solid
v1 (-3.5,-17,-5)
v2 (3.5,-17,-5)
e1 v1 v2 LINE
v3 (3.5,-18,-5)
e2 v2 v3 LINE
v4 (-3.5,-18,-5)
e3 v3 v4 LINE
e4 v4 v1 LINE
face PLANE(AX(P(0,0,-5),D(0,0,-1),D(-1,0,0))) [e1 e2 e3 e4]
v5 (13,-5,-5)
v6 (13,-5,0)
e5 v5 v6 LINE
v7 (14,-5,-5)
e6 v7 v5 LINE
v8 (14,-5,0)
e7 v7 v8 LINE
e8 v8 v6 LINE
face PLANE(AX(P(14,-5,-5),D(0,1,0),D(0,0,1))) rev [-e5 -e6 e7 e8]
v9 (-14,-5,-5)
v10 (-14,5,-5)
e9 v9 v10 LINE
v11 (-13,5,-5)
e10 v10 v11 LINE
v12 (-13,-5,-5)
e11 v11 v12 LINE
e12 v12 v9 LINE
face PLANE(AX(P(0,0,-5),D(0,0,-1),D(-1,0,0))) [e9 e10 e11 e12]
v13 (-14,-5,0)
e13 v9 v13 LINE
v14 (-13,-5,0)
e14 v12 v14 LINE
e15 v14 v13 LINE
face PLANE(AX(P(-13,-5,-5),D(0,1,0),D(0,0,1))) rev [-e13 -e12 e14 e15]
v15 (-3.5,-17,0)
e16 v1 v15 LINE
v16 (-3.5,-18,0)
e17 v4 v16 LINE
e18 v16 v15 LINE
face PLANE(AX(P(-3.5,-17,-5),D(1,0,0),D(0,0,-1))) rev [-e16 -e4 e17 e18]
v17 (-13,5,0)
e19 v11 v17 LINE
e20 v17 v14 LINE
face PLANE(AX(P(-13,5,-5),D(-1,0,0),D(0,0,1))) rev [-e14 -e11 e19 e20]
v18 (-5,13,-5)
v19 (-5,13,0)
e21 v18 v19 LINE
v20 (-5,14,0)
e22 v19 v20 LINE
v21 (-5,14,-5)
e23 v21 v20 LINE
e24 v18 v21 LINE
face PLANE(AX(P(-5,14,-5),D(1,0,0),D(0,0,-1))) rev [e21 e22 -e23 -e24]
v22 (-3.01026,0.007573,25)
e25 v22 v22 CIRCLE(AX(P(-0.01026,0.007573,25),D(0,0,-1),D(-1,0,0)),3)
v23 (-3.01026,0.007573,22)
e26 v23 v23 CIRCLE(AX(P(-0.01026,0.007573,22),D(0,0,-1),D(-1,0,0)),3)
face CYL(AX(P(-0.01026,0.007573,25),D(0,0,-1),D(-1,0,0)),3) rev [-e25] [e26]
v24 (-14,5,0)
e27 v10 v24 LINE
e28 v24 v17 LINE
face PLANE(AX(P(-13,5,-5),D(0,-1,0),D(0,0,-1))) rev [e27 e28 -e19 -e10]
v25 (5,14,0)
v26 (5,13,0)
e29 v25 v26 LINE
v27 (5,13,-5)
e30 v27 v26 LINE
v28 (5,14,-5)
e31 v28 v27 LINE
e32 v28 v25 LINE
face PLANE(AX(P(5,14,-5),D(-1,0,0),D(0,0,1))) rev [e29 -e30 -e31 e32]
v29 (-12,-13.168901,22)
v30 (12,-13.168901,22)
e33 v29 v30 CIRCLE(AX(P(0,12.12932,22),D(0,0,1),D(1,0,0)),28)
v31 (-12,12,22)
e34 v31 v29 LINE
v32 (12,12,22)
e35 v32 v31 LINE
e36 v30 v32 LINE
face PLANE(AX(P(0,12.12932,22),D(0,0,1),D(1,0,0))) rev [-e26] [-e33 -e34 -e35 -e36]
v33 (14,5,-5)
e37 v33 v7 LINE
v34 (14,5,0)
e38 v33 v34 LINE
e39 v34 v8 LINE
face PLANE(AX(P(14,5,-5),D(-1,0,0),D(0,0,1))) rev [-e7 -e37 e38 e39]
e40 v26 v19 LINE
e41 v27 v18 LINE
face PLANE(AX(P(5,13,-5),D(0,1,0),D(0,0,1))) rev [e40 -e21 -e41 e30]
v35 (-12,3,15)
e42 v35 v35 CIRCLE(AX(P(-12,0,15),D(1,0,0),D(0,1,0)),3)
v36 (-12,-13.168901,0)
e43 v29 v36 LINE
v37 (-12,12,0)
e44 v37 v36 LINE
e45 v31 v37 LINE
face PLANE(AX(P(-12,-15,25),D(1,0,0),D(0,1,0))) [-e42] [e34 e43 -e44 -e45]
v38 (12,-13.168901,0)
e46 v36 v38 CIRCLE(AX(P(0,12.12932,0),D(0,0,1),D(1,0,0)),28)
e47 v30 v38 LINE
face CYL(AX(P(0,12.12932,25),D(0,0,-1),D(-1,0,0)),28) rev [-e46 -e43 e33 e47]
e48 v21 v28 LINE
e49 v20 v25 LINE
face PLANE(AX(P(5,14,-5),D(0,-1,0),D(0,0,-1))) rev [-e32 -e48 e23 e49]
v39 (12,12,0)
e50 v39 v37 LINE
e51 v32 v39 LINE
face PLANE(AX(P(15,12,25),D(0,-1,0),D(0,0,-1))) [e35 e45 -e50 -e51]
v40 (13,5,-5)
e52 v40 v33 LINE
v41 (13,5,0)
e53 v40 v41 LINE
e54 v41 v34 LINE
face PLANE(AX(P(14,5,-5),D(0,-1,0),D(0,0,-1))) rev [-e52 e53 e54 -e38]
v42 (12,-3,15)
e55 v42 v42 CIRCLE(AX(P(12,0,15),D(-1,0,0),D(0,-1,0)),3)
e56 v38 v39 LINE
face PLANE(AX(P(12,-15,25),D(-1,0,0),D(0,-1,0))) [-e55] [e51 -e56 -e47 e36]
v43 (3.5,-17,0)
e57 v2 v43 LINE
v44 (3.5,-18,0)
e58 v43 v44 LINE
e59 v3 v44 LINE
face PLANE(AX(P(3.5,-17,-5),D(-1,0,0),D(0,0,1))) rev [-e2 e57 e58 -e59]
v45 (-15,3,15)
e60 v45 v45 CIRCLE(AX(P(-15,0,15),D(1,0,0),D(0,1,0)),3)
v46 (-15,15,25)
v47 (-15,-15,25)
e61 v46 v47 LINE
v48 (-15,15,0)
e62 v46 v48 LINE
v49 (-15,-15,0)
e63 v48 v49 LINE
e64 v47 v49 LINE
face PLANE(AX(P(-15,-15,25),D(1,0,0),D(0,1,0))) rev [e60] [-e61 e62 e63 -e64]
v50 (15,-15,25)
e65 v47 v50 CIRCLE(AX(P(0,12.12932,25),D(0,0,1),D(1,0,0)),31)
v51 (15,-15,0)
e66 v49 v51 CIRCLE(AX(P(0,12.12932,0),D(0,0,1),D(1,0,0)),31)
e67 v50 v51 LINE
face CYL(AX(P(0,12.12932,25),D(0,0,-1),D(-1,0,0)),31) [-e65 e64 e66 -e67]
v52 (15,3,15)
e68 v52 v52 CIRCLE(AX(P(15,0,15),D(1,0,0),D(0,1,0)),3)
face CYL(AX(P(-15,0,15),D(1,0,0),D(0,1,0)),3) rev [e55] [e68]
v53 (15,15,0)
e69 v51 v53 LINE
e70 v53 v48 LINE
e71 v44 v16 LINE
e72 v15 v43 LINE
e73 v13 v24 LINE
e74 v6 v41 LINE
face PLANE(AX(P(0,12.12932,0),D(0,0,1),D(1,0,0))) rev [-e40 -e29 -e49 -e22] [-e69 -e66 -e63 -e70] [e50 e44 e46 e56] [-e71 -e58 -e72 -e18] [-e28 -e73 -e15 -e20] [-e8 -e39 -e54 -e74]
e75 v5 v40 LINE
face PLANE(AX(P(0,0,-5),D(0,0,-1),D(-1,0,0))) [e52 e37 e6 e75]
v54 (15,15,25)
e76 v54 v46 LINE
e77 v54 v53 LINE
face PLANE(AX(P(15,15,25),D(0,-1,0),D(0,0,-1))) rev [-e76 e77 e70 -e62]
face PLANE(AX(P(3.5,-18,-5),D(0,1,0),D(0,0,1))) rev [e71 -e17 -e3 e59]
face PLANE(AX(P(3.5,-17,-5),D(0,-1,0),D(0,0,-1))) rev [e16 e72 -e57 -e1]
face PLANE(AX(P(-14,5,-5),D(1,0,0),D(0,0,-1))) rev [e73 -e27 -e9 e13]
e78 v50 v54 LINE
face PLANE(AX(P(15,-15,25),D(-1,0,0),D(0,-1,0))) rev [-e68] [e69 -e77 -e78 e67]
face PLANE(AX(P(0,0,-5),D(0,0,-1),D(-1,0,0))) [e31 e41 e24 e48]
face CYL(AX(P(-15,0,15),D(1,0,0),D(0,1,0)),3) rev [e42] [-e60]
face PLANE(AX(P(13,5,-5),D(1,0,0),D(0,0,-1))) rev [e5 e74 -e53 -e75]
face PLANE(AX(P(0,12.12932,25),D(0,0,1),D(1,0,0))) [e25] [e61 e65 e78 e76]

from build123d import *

# Parameters (mm, degrees)
BOSS_EXTRUDE1_DEPTH = 25
SHELL13_T           = -3
SKETCH3_R           = 3
CUT_EXTRUDE2_DEPTH  = 3
SKETCH4_W           = 10
SKETCH4_H           = 1
SKETCH4_W_2         = 1
SKETCH4_H_2         = 10
SKETCH4_W_3         = 7
BOSS_EXTRUDE2_DEPTH = 5
SKETCH5_R           = 3
CUT_EXTRUDE3_DEPTH  = 30


with BuildPart() as part:
    # Sketch1 → Boss-Extrude1 (new body)
    with BuildSketch(Plane.XY):
        with BuildLine():
            Line((15, -15), (15, 15))
            Line((15, 15), (-15, 15))
            Line((-15, 15), (-15, -15))
            ThreePointArc((-15, -15), (0, -18.870680067), (15, -15))
        make_face()
    extrude(amount=BOSS_EXTRUDE1_DEPTH)

    # Shell13
    shell13_openings = [part.faces().sort_by_distance(p)[0] for p in [
        (0, -1.327259688, 0),
    ]]
    offset(amount=SHELL13_T, openings=shell13_openings, kind=Kind.INTERSECTION)

    # Sketch3 → Cut-Extrude2 (cut)
    with BuildSketch(Plane(origin=(0, 0, 22), x_dir=(-1, 0, 0), z_dir=(0, 0, -1))):
        with Locations((0.010259738, 0.007572697)):
            Circle(SKETCH3_R)
    extrude(amount=-CUT_EXTRUDE2_DEPTH, mode=Mode.SUBTRACT)

    # Sketch4 → Boss-Extrude2 (add)
    with BuildSketch(Plane(origin=(0, 0, 0), x_dir=(-1, 0, 0), z_dir=(0, 0, -1))):
        with Locations((0, 13.5)):
            Rectangle(SKETCH4_W, SKETCH4_H)
        with Locations((-13.5, 0)):
            Rectangle(SKETCH4_W_2, SKETCH4_H_2)
        with Locations((0, -17.5)):
            Rectangle(SKETCH4_W_3, SKETCH4_H)
        with Locations((13.5, 0)):
            Rectangle(SKETCH4_W_2, SKETCH4_H_2)
    extrude(amount=BOSS_EXTRUDE2_DEPTH)

    # Sketch5 → Cut-Extrude3 (cut)
    with BuildSketch(Plane(origin=(15, 0, 0), x_dir=(0, 0, -1), z_dir=(1, 0, 0))):
        with Locations(Location((-15, 0, 0), (0, 0, 90))):
            Circle(SKETCH5_R)
    extrude(amount=-CUT_EXTRUDE3_DEPTH, mode=Mode.SUBTRACT)


solid = part.part
